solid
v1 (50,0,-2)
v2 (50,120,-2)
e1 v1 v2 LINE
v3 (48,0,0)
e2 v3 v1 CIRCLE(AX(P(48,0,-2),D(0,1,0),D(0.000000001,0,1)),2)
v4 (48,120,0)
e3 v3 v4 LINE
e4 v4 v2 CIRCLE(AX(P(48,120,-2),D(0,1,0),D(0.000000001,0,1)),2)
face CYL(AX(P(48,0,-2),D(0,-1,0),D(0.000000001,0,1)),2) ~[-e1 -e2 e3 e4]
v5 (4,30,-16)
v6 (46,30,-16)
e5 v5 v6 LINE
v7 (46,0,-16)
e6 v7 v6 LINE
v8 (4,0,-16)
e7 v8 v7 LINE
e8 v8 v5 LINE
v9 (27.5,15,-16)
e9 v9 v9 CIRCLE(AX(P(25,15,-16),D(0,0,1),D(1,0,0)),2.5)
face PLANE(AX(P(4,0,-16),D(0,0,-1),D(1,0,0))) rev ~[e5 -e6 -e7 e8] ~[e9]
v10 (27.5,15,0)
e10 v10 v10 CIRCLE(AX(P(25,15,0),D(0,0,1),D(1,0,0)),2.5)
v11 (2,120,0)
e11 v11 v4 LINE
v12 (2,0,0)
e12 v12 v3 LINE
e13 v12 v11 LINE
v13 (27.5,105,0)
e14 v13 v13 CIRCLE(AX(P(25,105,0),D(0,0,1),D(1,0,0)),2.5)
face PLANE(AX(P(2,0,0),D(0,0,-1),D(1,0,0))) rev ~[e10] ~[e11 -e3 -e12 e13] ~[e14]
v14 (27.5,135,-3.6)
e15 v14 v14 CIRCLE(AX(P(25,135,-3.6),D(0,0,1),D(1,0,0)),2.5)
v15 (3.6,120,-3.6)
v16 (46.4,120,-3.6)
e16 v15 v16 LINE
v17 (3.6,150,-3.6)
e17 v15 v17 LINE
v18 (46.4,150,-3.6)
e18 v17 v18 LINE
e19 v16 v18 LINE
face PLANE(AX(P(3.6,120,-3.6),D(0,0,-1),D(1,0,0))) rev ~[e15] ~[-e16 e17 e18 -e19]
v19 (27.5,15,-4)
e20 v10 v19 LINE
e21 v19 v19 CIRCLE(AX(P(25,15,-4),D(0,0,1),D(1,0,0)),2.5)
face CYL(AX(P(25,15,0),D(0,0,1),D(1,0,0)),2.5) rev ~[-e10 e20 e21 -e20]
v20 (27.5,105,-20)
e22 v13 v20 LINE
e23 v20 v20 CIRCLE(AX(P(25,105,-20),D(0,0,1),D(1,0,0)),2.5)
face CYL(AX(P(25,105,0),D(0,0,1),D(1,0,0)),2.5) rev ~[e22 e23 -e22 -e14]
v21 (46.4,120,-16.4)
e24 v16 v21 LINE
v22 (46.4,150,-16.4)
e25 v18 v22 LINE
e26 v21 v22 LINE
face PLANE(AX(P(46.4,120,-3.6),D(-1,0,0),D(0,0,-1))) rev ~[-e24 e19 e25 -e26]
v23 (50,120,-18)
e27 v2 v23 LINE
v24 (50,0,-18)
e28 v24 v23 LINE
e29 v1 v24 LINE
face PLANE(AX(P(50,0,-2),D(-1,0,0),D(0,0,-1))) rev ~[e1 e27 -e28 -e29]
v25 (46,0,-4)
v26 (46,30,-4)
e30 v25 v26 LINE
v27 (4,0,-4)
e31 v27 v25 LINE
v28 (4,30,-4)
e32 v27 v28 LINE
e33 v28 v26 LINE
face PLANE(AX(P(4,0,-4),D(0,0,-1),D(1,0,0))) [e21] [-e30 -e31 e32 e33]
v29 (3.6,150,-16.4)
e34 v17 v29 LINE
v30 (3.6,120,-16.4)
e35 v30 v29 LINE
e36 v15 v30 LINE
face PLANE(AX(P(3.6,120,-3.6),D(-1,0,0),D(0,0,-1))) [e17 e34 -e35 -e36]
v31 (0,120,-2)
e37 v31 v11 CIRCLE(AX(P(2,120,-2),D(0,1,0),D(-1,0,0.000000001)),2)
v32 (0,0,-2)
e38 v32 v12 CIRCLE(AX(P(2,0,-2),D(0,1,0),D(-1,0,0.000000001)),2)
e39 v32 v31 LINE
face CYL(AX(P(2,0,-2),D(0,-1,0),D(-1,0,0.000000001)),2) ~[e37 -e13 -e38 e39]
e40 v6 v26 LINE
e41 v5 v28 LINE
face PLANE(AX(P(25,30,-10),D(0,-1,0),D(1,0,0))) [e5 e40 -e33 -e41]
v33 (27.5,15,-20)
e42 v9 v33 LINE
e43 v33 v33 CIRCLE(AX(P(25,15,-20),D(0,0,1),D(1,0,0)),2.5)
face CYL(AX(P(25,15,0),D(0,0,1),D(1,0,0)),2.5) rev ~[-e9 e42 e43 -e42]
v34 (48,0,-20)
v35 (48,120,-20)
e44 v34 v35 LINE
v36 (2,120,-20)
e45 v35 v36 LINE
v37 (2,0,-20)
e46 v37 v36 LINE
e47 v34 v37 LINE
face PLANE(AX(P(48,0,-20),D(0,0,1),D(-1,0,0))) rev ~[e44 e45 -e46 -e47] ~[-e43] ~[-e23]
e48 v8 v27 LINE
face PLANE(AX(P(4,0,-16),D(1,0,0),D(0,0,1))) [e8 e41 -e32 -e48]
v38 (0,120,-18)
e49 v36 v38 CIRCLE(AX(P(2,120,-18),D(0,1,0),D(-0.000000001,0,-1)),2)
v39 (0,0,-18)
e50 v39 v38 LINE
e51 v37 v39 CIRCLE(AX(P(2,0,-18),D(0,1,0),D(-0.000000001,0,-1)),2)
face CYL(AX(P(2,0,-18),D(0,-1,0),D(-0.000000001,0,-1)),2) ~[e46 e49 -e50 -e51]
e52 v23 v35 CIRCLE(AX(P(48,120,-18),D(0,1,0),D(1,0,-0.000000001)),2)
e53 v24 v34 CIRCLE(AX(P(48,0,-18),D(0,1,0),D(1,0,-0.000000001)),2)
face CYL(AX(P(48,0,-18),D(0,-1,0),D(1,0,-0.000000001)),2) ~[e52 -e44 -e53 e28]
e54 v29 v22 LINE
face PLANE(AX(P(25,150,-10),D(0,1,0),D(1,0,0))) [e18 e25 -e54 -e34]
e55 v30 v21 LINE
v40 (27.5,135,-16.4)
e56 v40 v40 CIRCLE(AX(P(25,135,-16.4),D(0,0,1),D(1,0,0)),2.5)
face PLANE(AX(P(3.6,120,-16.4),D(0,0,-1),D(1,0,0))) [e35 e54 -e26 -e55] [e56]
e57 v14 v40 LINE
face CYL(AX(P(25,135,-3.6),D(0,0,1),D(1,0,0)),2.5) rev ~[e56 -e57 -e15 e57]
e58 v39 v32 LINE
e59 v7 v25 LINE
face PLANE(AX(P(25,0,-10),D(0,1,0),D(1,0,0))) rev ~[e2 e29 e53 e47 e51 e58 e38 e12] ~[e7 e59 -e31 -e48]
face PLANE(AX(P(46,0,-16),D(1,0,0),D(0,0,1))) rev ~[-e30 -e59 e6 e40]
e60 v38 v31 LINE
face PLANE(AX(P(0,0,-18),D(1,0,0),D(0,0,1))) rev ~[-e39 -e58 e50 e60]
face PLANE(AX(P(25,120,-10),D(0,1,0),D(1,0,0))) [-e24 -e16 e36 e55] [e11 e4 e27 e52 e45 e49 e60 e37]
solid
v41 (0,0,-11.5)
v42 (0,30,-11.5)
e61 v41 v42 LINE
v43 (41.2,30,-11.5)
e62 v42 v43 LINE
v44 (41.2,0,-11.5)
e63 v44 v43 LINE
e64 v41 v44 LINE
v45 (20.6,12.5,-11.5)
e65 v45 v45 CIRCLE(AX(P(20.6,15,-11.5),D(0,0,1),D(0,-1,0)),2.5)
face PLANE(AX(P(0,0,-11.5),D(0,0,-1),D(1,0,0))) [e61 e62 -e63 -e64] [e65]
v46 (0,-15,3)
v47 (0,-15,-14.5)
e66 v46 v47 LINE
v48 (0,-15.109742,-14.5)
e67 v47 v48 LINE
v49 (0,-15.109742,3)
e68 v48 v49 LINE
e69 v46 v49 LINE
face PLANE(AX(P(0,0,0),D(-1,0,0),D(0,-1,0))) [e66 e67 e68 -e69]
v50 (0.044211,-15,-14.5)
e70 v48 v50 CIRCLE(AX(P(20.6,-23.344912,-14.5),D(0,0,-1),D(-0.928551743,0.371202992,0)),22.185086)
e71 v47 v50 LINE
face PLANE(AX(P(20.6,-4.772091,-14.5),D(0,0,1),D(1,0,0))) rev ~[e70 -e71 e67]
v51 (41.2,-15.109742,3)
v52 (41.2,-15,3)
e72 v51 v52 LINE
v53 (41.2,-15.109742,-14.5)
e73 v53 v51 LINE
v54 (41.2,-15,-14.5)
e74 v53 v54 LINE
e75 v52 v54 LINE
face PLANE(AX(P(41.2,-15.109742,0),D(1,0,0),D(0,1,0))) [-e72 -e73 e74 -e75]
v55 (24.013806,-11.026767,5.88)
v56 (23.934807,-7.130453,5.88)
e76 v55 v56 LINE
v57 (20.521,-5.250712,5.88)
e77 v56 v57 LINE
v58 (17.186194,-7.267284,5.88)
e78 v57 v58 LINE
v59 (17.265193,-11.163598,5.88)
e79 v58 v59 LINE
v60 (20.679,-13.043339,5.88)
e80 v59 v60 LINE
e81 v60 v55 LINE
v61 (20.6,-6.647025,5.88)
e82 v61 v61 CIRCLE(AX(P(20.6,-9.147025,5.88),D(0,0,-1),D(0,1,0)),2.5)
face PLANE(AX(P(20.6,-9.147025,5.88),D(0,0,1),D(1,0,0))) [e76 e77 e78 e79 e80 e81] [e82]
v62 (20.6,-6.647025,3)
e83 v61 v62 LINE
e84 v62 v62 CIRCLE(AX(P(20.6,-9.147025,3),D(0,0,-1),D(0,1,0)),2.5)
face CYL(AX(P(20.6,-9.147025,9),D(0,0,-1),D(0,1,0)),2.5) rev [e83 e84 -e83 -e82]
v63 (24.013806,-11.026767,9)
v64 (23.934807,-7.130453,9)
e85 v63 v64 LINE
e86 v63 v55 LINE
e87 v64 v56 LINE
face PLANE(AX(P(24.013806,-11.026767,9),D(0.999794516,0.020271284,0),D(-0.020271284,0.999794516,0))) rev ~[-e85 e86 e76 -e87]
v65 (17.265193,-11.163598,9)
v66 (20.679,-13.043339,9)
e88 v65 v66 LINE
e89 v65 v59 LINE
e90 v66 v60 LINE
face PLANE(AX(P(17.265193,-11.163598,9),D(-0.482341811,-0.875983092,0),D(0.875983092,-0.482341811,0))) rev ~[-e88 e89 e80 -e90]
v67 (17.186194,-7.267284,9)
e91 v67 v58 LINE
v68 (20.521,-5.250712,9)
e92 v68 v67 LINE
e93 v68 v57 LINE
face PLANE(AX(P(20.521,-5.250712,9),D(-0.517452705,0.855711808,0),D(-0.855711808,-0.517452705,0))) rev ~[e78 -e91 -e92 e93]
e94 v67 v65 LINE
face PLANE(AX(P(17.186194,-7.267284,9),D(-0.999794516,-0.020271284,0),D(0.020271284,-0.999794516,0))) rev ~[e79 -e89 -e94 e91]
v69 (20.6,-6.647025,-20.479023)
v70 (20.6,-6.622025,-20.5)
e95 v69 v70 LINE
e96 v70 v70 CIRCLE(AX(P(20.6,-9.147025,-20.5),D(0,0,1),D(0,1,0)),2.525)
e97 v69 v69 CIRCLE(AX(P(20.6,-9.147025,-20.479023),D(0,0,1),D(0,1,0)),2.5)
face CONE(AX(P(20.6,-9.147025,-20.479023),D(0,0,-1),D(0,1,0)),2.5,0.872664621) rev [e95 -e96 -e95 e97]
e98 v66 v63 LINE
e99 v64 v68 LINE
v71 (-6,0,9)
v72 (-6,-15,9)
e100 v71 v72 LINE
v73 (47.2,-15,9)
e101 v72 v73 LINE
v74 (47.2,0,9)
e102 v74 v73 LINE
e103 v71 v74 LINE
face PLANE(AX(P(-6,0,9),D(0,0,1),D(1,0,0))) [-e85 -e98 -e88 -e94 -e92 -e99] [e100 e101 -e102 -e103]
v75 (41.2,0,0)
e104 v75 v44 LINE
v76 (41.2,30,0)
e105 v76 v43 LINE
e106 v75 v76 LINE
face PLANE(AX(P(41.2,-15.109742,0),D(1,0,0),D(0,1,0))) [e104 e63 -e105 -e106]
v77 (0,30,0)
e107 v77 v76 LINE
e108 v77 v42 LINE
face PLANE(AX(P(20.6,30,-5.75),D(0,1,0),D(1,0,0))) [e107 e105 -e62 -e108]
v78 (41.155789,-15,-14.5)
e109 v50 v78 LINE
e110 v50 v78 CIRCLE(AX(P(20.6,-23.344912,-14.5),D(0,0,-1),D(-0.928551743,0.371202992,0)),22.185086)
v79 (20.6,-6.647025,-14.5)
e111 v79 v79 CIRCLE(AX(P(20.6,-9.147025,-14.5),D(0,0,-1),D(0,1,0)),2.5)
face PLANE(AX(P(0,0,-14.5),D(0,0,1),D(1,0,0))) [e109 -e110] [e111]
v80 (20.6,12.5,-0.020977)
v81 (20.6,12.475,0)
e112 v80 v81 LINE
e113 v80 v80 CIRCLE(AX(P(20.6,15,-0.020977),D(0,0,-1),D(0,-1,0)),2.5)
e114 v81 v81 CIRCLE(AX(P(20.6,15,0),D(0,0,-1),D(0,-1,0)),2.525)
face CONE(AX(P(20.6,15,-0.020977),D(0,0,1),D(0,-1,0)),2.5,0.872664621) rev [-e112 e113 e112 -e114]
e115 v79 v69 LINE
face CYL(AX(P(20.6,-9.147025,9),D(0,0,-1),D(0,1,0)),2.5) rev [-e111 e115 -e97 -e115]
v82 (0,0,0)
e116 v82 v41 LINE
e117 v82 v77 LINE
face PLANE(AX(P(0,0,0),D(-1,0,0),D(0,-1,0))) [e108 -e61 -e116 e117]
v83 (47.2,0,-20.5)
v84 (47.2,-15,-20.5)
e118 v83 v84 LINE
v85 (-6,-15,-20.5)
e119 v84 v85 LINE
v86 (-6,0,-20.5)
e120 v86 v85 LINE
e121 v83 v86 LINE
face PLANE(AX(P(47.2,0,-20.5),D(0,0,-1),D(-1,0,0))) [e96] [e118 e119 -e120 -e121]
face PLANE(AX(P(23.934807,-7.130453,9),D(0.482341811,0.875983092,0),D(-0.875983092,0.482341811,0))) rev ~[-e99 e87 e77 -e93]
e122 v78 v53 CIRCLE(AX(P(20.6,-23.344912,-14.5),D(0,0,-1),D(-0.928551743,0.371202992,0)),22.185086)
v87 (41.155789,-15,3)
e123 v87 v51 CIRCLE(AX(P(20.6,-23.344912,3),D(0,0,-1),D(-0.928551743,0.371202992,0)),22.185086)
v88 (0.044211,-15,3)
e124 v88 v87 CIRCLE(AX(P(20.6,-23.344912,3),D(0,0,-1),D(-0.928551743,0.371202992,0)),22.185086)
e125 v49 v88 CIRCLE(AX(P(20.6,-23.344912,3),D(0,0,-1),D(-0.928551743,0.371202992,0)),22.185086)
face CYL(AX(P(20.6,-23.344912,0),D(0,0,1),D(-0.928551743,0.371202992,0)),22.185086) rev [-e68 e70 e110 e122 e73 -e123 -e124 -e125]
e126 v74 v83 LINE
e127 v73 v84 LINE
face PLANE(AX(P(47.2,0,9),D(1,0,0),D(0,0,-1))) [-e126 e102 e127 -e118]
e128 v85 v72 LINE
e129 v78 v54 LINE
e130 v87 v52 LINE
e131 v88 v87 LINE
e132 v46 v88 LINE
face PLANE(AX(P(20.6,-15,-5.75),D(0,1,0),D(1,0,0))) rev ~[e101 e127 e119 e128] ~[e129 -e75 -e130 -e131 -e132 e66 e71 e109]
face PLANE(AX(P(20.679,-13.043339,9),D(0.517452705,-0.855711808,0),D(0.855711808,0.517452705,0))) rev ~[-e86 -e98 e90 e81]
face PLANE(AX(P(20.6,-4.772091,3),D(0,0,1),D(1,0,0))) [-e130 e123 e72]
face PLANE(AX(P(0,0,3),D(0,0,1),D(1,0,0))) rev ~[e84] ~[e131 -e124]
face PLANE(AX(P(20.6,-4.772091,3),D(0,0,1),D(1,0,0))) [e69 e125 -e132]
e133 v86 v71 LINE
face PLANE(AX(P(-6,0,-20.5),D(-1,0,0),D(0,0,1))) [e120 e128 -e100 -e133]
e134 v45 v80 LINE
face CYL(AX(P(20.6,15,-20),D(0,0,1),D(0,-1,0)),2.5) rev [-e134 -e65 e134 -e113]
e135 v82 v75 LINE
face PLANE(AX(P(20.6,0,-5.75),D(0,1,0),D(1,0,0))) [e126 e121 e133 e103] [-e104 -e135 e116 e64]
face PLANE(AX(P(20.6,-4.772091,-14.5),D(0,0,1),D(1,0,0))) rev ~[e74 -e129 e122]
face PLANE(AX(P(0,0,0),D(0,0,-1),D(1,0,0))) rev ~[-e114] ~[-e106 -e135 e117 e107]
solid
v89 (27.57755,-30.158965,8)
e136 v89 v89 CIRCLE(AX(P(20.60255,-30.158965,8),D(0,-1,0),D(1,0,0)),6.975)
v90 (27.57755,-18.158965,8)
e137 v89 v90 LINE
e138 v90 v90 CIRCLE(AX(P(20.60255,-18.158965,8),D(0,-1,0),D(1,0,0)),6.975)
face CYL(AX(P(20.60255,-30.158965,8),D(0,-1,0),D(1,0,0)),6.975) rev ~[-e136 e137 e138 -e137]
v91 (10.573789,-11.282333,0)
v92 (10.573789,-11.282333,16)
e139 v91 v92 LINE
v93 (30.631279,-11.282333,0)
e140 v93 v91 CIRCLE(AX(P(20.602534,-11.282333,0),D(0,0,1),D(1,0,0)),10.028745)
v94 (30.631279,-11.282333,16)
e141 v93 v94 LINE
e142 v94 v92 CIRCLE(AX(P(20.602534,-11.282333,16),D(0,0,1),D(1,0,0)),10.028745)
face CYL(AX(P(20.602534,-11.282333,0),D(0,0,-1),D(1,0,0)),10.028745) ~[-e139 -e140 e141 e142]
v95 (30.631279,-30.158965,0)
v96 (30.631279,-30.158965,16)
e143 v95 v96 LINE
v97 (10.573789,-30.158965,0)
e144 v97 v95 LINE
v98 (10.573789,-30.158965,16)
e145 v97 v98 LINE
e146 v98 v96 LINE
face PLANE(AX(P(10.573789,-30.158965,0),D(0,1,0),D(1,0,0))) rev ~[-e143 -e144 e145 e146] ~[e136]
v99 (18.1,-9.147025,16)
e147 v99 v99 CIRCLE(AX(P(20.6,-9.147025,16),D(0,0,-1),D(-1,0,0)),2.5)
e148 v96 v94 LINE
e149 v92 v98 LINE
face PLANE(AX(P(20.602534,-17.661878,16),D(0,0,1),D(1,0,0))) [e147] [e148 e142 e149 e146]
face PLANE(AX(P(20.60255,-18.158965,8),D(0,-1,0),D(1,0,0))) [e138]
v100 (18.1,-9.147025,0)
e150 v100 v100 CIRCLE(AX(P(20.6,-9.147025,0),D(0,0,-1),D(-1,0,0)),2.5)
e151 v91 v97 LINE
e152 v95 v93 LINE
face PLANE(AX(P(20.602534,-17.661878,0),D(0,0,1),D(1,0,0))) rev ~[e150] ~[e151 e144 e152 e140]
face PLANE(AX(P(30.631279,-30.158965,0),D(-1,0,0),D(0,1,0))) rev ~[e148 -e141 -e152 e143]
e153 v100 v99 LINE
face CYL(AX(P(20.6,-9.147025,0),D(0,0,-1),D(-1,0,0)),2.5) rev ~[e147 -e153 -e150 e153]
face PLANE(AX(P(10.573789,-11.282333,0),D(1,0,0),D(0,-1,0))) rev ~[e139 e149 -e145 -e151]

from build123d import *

# Parameters (mm, degrees)
BOSS_EXTRUDE1_DEPTH      = 120
SKETCH3_W                = 42
SKETCH3_H                = 12
CUT_EXTRUDE2_DEPTH       = 30
SKETCH6_R                = 2.5
CUT_EXTRUDE3_DEPTH       = 30
SKETCH8_W                = 42.8
SKETCH8_H                = 12.8
BOSS_EXTRUDE2_DEPTH      = 30
SKETCH9_R                = 2.5
CUT_EXTRUDE4_DEPTH       = 30
SKETCH11_W               = 41.2
SKETCH11_H               = 11.5
BOSS_EXTRUDE3_DEPTH      = 30
BOSS_EXTRUDE4_DEPTH      = 3
BOSS_EXTRUDE4_DEPTH_BACK = 14.5
SKETCH16_W               = 41.2
SKETCH16_H               = 17.5
BOSS_EXTRUDE5_DEPTH      = 15
CUT_EXTRUDE5_DEPTH       = 3.12
BOSS_EXTRUDE6_DEPTH      = 16
SKETCH25_R               = 6.975
CUT_EXTRUDE6_DEPTH       = 12
SKETCH29_R               = 2.5
CUT_EXTRUDE8_DEPTH       = 17


with BuildPart() as part:
    # Sketch1 → Boss-Extrude1 (new body)
    with BuildSketch(Plane(origin=(0, 0, 0), x_dir=(1, 0, 0), z_dir=(0, 1, 0))):
        with BuildLine():
            Line((2, 0), (48, 0))
            ThreePointArc((48, 0), (49.414213562, 0.585786438), (50, 2))
            Line((50, 2), (50, 18))
            ThreePointArc((50, 18), (49.414213562, 19.414213562), (48, 20))
            Line((48, 20), (2, 20))
            ThreePointArc((2, 20), (0.585786438, 19.414213562), (0, 18))
            Line((0, 18), (0, 2))
            ThreePointArc((0, 2), (0.585786438, 0.585786438), (2, 0))
        make_face()
    extrude(amount=BOSS_EXTRUDE1_DEPTH)

    # Sketch3 → Cut-Extrude2 (cut)
    with BuildSketch(Plane.XZ):
        with Locations((25, -10)):
            Rectangle(SKETCH3_W, SKETCH3_H)
    extrude(amount=-CUT_EXTRUDE2_DEPTH, mode=Mode.SUBTRACT)

    # Sketch6 → Cut-Extrude3 (cut)
    with BuildSketch(Plane.XY):
        with Locations((25, 105)):
            Circle(SKETCH6_R)
        with Locations((25, 15)):
            Circle(SKETCH6_R)
    extrude(amount=-CUT_EXTRUDE3_DEPTH, mode=Mode.SUBTRACT)

    # Sketch8 → Boss-Extrude2 (add)
    with BuildSketch(Plane(origin=(0, 120, 0), x_dir=(1, 0, 0), z_dir=(0, 1, 0))):
        with Locations((25, 10)):
            Rectangle(SKETCH8_W, SKETCH8_H)
    extrude(amount=BOSS_EXTRUDE2_DEPTH)

    # Sketch9 → Cut-Extrude4 (cut)
    with BuildSketch(Plane.XY.offset(-3.6)):
        with Locations((25, 135)):
            Circle(SKETCH9_R)
    extrude(amount=-CUT_EXTRUDE4_DEPTH, mode=Mode.SUBTRACT)


with BuildPart() as body_2:
    # Sketch11 → Boss-Extrude3 (new body)
    with BuildSketch(Plane(origin=(0, 0, 0), x_dir=(1, 0, 0), z_dir=(0, 1, 0))):
        with Locations((20.6, 5.75)):
            Rectangle(SKETCH11_W, SKETCH11_H)
    extrude(amount=BOSS_EXTRUDE3_DEPTH)

    # Sketch13 → Ø5.0 (5) Diameter Hole1 (revolve, cut)
    with BuildSketch(Plane(origin=(20.6, 15, 0), x_dir=(0, -1, 0), z_dir=(1, 0, 0))):
        Polygon((0, 0), (0, 20), (2.5, 20), (2.5, 0.020977491), (2.525, 0), align=None)
    revolve(axis=Axis((20.6, 15, 6.35), (0, 0, -1)), mode=Mode.SUBTRACT)

    # Sketch15 → Boss-Extrude4 (add, two sides)
    with BuildSketch(Plane.XY) as boss_extrude4_sk:
        with BuildLine():
            Line((0, 0), (0, -15.109741722))
            ThreePointArc((0, -15.109741722), (20.6, -1.159826197), (41.2, -15.109741722))
            Line((41.2, -15.109741722), (41.2, 0))
            Line((41.2, 0), (0, 0))
        make_face()
    extrude(amount=BOSS_EXTRUDE4_DEPTH)
    extrude(boss_extrude4_sk.sketch, amount=-BOSS_EXTRUDE4_DEPTH_BACK)

    # Sketch16 → Boss-Extrude5 (add)
    with BuildSketch(Plane(origin=(0, 0, 0), x_dir=(1, 0, 0), z_dir=(0, 1, 0))):
        Polygon((-6, 20.5), (-6, 11.5), (-6, 0), (-6, -9), (47.2, -9), (47.2, 0), (47.2, 11.5), (47.2, 20.5), align=None)
        with Locations((20.6, 5.75)):
            Rectangle(SKETCH16_W, SKETCH16_H, mode=Mode.SUBTRACT)
    extrude(amount=-BOSS_EXTRUDE5_DEPTH)

    # Sketch18 → Ø5.0 (5) Diameter Hole2 (revolve, cut)
    with BuildSketch(Plane(origin=(20.6, -9.147025383, -20.5), x_dir=(0, 1, 0), z_dir=(1, 0, 0))):
        Polygon((0, 0), (0, 29.5), (2.5, 29.5), (2.5, 0.020977491), (2.525, 0), align=None)
    revolve(axis=Axis((20.6, -9.147025383, -26.85), (0, 0, 1)), mode=Mode.SUBTRACT)

    # Sketch22 → Cut-Extrude5 (cut)
    with BuildSketch(Plane.XY.offset(9)):
        Polygon((24.013806249, -11.026766561), (23.934806737, -7.130453037), (20.521000488, -5.250711859), (17.186193751, -7.267284205), (17.265193263, -11.163597729), (20.678999512, -13.043338907), align=None)
    extrude(amount=-CUT_EXTRUDE5_DEPTH, mode=Mode.SUBTRACT)


with BuildPart() as body_3:
    # Sketch24 → Boss-Extrude6 (new body)
    with BuildSketch(Plane.XY):
        with BuildLine():
            Line((10.573788764, -11.282332988), (10.573788764, -30.158964502))
            Line((10.573788764, -30.158964502), (30.631278849, -30.158964502))
            Line((30.631278849, -30.158964502), (30.631278849, -11.282332988))
            ThreePointArc((30.631278849, -11.282332988), (20.602533806, -1.253587945), (10.573788764, -11.282332988))
        make_face()
    extrude(amount=BOSS_EXTRUDE6_DEPTH)

    # Sketch25 → Cut-Extrude6 (cut)
    with BuildSketch(Plane.XZ.offset(30.158964502)):
        with Locations((20.602549742, 7.999999594)):
            Circle(SKETCH25_R)
    extrude(amount=-CUT_EXTRUDE6_DEPTH, mode=Mode.SUBTRACT)

    # Sketch29 → Cut-Extrude8 (cut, through all)
    with BuildSketch(Plane(origin=(0, 0, 0), x_dir=(-1, 0, 0), z_dir=(0, 0, -1))):
        with Locations((-20.6, -9.147025383)):
            Circle(SKETCH29_R)
    extrude(amount=-CUT_EXTRUDE8_DEPTH, mode=Mode.SUBTRACT)


solid = Compound([part.part, body_2.part, body_3.part])
